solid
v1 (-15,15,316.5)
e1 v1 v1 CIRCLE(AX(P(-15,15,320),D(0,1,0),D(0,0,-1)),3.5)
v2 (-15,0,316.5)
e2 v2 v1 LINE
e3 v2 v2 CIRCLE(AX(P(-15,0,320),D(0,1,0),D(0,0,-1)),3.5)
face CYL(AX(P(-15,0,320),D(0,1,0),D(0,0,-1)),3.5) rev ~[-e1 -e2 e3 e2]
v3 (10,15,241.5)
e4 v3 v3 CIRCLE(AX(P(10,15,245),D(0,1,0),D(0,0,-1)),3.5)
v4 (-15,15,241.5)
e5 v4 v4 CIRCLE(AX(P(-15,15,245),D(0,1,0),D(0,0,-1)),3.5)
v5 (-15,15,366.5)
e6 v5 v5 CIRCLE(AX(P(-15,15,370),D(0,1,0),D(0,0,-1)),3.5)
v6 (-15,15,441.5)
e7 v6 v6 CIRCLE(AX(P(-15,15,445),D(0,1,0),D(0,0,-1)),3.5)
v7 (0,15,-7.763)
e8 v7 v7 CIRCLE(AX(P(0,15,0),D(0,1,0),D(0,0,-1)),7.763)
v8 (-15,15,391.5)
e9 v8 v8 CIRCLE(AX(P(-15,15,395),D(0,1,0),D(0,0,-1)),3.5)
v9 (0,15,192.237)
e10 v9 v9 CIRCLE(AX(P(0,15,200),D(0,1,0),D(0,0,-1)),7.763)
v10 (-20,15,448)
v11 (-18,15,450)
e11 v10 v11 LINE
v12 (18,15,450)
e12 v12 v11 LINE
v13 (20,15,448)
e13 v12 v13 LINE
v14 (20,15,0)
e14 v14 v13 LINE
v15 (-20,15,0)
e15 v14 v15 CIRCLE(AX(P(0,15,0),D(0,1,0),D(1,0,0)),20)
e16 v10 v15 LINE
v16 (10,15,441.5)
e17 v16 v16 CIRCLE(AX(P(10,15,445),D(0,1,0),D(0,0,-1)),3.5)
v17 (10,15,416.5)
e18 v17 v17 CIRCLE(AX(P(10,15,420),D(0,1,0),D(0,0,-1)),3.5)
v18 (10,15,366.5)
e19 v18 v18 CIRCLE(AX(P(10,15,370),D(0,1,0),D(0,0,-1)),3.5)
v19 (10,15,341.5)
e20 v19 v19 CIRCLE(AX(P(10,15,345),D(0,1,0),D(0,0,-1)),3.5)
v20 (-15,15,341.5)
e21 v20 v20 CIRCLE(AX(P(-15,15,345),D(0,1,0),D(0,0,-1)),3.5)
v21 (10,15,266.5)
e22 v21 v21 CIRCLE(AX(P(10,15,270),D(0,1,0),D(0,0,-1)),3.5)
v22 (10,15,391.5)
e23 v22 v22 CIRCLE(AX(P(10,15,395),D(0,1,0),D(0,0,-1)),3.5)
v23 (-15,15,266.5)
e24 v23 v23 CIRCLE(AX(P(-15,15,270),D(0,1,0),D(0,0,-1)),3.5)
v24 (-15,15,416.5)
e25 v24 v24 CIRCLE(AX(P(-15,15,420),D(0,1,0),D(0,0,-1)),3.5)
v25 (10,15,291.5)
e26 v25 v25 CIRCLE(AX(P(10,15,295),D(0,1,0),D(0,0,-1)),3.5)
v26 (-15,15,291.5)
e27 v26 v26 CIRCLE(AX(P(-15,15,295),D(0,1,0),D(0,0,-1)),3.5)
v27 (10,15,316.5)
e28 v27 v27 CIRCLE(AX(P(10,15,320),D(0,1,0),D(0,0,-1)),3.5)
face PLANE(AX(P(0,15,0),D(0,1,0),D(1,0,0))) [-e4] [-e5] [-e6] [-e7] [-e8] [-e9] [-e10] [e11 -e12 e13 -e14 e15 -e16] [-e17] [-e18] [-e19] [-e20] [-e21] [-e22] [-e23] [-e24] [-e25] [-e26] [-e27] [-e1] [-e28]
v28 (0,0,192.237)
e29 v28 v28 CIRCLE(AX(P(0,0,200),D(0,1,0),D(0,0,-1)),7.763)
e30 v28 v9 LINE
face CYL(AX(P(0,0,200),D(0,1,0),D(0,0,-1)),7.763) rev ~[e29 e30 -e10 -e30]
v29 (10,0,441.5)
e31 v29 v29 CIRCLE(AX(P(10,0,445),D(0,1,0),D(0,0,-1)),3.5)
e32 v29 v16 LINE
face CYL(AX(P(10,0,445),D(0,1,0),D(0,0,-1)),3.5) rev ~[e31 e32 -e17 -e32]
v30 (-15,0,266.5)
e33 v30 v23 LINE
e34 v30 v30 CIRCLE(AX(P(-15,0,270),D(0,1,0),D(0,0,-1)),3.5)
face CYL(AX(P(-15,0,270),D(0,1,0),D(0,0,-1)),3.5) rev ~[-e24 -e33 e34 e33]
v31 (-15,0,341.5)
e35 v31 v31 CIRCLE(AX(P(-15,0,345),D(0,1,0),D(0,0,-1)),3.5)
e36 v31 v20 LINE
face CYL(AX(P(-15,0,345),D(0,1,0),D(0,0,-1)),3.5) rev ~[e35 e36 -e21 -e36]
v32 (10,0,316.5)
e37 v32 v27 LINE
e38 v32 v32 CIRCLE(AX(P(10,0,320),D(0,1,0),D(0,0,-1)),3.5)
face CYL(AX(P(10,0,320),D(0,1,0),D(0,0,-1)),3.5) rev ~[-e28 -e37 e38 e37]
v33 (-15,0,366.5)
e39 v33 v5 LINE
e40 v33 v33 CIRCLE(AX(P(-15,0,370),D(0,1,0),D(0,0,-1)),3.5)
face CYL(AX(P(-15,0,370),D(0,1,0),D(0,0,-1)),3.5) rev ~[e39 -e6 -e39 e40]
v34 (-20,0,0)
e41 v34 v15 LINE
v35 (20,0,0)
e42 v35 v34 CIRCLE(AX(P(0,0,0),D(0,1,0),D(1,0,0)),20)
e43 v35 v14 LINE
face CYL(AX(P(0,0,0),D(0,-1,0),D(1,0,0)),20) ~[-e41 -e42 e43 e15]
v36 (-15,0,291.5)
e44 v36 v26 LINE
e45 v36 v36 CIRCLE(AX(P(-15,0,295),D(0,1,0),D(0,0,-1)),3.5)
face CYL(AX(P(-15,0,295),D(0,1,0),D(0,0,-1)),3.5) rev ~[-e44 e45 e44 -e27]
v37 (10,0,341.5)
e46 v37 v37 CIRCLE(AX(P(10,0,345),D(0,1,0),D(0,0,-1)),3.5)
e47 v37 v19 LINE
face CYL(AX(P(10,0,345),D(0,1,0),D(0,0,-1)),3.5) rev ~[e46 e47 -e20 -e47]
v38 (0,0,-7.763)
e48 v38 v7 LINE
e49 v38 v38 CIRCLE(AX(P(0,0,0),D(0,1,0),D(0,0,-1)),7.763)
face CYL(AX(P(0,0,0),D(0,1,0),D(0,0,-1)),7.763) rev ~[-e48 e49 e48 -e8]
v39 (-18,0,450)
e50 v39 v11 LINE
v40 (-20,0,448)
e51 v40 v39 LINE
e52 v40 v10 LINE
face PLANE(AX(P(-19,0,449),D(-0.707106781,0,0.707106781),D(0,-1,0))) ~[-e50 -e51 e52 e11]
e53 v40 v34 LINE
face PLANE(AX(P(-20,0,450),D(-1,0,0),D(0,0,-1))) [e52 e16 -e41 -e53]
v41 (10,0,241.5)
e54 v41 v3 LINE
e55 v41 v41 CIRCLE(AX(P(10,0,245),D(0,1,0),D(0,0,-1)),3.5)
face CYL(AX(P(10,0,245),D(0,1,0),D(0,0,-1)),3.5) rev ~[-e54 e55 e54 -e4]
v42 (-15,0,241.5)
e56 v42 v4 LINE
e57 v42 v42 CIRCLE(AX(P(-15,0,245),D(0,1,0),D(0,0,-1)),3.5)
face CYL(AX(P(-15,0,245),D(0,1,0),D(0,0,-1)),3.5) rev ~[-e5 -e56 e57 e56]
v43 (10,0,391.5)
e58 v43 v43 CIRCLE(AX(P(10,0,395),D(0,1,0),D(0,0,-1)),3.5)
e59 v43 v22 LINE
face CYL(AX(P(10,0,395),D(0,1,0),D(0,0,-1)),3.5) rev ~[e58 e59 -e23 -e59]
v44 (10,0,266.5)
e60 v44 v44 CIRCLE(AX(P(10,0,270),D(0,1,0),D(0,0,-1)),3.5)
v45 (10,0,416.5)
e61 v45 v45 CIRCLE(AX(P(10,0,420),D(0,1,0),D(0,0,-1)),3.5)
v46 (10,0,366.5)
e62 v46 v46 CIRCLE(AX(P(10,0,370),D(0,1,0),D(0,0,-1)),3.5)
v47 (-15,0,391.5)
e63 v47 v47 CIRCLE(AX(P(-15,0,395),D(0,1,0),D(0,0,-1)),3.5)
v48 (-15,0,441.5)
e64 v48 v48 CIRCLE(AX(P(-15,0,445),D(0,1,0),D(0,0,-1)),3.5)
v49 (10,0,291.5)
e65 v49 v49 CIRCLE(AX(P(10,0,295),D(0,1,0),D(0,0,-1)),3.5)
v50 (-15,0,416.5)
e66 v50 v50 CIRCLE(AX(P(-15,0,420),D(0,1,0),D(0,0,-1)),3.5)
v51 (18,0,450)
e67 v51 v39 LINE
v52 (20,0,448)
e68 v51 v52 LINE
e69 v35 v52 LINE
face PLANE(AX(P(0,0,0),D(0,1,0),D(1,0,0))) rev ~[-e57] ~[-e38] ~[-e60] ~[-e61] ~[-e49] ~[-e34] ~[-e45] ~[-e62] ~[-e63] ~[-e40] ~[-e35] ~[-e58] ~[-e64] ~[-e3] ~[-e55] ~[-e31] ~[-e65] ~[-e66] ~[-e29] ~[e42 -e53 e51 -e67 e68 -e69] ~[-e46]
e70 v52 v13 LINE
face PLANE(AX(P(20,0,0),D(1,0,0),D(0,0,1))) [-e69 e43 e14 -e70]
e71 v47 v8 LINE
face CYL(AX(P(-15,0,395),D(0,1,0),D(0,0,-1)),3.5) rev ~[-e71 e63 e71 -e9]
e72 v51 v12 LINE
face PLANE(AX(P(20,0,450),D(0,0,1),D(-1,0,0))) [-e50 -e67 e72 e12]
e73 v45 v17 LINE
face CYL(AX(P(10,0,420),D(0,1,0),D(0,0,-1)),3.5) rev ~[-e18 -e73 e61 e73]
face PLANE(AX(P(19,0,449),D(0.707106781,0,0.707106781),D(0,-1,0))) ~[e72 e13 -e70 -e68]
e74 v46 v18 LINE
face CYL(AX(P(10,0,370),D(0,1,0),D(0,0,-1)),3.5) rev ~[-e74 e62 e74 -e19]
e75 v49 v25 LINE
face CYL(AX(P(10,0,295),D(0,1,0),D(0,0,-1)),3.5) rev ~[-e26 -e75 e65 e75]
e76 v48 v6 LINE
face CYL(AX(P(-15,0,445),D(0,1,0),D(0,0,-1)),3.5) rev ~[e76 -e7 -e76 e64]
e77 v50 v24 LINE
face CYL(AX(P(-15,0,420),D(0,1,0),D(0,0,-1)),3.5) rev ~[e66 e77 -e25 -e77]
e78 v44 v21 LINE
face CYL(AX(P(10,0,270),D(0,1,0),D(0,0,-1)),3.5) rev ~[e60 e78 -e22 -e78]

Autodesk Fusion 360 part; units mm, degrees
sketch "Sketch1" plane through (0, 0, 0) normal (0, 1, 0) x (1, 0, 0)
  line L0 (-20, -450) -> (-20, 0)
  arc A0 (20, 0) -> (-20, 0) centre (0, 0) ccw
  line L1 (20, 0) -> (20, -450)
  line L2 (20, -450) -> (-20, -450)
  point P0 (0, -200)
  point P1 (-15, -245)
  dimension "d1" = 20
  dimension "d2" = 450
  dimension "d3" = 200
  dimension "d9" = 45
  dimension "d10" = 15
extrude "Extrude1" add sketch "Sketch1" along normal blind 15
hole "Hole1" at (0, 0, 200) at (0, 0, 0) direction (0, 1, 0) diameter 15.526 depth 200 tip angle 118
hole "Hole2" at (-15, 0, 245) direction (0, 1, 0) diameter 7 depth 200 tip angle 118
pattern_linear "R-Pattern1" count 11 spacing 25 along (0, 0, 1) count 2 spacing 25 along (1, 0, 0) of "Hole2"
chamfer "Chamfer1" distance 2 angle 45 2 edges at (20, 7.5, 450) (-20, 7.5, 450)
